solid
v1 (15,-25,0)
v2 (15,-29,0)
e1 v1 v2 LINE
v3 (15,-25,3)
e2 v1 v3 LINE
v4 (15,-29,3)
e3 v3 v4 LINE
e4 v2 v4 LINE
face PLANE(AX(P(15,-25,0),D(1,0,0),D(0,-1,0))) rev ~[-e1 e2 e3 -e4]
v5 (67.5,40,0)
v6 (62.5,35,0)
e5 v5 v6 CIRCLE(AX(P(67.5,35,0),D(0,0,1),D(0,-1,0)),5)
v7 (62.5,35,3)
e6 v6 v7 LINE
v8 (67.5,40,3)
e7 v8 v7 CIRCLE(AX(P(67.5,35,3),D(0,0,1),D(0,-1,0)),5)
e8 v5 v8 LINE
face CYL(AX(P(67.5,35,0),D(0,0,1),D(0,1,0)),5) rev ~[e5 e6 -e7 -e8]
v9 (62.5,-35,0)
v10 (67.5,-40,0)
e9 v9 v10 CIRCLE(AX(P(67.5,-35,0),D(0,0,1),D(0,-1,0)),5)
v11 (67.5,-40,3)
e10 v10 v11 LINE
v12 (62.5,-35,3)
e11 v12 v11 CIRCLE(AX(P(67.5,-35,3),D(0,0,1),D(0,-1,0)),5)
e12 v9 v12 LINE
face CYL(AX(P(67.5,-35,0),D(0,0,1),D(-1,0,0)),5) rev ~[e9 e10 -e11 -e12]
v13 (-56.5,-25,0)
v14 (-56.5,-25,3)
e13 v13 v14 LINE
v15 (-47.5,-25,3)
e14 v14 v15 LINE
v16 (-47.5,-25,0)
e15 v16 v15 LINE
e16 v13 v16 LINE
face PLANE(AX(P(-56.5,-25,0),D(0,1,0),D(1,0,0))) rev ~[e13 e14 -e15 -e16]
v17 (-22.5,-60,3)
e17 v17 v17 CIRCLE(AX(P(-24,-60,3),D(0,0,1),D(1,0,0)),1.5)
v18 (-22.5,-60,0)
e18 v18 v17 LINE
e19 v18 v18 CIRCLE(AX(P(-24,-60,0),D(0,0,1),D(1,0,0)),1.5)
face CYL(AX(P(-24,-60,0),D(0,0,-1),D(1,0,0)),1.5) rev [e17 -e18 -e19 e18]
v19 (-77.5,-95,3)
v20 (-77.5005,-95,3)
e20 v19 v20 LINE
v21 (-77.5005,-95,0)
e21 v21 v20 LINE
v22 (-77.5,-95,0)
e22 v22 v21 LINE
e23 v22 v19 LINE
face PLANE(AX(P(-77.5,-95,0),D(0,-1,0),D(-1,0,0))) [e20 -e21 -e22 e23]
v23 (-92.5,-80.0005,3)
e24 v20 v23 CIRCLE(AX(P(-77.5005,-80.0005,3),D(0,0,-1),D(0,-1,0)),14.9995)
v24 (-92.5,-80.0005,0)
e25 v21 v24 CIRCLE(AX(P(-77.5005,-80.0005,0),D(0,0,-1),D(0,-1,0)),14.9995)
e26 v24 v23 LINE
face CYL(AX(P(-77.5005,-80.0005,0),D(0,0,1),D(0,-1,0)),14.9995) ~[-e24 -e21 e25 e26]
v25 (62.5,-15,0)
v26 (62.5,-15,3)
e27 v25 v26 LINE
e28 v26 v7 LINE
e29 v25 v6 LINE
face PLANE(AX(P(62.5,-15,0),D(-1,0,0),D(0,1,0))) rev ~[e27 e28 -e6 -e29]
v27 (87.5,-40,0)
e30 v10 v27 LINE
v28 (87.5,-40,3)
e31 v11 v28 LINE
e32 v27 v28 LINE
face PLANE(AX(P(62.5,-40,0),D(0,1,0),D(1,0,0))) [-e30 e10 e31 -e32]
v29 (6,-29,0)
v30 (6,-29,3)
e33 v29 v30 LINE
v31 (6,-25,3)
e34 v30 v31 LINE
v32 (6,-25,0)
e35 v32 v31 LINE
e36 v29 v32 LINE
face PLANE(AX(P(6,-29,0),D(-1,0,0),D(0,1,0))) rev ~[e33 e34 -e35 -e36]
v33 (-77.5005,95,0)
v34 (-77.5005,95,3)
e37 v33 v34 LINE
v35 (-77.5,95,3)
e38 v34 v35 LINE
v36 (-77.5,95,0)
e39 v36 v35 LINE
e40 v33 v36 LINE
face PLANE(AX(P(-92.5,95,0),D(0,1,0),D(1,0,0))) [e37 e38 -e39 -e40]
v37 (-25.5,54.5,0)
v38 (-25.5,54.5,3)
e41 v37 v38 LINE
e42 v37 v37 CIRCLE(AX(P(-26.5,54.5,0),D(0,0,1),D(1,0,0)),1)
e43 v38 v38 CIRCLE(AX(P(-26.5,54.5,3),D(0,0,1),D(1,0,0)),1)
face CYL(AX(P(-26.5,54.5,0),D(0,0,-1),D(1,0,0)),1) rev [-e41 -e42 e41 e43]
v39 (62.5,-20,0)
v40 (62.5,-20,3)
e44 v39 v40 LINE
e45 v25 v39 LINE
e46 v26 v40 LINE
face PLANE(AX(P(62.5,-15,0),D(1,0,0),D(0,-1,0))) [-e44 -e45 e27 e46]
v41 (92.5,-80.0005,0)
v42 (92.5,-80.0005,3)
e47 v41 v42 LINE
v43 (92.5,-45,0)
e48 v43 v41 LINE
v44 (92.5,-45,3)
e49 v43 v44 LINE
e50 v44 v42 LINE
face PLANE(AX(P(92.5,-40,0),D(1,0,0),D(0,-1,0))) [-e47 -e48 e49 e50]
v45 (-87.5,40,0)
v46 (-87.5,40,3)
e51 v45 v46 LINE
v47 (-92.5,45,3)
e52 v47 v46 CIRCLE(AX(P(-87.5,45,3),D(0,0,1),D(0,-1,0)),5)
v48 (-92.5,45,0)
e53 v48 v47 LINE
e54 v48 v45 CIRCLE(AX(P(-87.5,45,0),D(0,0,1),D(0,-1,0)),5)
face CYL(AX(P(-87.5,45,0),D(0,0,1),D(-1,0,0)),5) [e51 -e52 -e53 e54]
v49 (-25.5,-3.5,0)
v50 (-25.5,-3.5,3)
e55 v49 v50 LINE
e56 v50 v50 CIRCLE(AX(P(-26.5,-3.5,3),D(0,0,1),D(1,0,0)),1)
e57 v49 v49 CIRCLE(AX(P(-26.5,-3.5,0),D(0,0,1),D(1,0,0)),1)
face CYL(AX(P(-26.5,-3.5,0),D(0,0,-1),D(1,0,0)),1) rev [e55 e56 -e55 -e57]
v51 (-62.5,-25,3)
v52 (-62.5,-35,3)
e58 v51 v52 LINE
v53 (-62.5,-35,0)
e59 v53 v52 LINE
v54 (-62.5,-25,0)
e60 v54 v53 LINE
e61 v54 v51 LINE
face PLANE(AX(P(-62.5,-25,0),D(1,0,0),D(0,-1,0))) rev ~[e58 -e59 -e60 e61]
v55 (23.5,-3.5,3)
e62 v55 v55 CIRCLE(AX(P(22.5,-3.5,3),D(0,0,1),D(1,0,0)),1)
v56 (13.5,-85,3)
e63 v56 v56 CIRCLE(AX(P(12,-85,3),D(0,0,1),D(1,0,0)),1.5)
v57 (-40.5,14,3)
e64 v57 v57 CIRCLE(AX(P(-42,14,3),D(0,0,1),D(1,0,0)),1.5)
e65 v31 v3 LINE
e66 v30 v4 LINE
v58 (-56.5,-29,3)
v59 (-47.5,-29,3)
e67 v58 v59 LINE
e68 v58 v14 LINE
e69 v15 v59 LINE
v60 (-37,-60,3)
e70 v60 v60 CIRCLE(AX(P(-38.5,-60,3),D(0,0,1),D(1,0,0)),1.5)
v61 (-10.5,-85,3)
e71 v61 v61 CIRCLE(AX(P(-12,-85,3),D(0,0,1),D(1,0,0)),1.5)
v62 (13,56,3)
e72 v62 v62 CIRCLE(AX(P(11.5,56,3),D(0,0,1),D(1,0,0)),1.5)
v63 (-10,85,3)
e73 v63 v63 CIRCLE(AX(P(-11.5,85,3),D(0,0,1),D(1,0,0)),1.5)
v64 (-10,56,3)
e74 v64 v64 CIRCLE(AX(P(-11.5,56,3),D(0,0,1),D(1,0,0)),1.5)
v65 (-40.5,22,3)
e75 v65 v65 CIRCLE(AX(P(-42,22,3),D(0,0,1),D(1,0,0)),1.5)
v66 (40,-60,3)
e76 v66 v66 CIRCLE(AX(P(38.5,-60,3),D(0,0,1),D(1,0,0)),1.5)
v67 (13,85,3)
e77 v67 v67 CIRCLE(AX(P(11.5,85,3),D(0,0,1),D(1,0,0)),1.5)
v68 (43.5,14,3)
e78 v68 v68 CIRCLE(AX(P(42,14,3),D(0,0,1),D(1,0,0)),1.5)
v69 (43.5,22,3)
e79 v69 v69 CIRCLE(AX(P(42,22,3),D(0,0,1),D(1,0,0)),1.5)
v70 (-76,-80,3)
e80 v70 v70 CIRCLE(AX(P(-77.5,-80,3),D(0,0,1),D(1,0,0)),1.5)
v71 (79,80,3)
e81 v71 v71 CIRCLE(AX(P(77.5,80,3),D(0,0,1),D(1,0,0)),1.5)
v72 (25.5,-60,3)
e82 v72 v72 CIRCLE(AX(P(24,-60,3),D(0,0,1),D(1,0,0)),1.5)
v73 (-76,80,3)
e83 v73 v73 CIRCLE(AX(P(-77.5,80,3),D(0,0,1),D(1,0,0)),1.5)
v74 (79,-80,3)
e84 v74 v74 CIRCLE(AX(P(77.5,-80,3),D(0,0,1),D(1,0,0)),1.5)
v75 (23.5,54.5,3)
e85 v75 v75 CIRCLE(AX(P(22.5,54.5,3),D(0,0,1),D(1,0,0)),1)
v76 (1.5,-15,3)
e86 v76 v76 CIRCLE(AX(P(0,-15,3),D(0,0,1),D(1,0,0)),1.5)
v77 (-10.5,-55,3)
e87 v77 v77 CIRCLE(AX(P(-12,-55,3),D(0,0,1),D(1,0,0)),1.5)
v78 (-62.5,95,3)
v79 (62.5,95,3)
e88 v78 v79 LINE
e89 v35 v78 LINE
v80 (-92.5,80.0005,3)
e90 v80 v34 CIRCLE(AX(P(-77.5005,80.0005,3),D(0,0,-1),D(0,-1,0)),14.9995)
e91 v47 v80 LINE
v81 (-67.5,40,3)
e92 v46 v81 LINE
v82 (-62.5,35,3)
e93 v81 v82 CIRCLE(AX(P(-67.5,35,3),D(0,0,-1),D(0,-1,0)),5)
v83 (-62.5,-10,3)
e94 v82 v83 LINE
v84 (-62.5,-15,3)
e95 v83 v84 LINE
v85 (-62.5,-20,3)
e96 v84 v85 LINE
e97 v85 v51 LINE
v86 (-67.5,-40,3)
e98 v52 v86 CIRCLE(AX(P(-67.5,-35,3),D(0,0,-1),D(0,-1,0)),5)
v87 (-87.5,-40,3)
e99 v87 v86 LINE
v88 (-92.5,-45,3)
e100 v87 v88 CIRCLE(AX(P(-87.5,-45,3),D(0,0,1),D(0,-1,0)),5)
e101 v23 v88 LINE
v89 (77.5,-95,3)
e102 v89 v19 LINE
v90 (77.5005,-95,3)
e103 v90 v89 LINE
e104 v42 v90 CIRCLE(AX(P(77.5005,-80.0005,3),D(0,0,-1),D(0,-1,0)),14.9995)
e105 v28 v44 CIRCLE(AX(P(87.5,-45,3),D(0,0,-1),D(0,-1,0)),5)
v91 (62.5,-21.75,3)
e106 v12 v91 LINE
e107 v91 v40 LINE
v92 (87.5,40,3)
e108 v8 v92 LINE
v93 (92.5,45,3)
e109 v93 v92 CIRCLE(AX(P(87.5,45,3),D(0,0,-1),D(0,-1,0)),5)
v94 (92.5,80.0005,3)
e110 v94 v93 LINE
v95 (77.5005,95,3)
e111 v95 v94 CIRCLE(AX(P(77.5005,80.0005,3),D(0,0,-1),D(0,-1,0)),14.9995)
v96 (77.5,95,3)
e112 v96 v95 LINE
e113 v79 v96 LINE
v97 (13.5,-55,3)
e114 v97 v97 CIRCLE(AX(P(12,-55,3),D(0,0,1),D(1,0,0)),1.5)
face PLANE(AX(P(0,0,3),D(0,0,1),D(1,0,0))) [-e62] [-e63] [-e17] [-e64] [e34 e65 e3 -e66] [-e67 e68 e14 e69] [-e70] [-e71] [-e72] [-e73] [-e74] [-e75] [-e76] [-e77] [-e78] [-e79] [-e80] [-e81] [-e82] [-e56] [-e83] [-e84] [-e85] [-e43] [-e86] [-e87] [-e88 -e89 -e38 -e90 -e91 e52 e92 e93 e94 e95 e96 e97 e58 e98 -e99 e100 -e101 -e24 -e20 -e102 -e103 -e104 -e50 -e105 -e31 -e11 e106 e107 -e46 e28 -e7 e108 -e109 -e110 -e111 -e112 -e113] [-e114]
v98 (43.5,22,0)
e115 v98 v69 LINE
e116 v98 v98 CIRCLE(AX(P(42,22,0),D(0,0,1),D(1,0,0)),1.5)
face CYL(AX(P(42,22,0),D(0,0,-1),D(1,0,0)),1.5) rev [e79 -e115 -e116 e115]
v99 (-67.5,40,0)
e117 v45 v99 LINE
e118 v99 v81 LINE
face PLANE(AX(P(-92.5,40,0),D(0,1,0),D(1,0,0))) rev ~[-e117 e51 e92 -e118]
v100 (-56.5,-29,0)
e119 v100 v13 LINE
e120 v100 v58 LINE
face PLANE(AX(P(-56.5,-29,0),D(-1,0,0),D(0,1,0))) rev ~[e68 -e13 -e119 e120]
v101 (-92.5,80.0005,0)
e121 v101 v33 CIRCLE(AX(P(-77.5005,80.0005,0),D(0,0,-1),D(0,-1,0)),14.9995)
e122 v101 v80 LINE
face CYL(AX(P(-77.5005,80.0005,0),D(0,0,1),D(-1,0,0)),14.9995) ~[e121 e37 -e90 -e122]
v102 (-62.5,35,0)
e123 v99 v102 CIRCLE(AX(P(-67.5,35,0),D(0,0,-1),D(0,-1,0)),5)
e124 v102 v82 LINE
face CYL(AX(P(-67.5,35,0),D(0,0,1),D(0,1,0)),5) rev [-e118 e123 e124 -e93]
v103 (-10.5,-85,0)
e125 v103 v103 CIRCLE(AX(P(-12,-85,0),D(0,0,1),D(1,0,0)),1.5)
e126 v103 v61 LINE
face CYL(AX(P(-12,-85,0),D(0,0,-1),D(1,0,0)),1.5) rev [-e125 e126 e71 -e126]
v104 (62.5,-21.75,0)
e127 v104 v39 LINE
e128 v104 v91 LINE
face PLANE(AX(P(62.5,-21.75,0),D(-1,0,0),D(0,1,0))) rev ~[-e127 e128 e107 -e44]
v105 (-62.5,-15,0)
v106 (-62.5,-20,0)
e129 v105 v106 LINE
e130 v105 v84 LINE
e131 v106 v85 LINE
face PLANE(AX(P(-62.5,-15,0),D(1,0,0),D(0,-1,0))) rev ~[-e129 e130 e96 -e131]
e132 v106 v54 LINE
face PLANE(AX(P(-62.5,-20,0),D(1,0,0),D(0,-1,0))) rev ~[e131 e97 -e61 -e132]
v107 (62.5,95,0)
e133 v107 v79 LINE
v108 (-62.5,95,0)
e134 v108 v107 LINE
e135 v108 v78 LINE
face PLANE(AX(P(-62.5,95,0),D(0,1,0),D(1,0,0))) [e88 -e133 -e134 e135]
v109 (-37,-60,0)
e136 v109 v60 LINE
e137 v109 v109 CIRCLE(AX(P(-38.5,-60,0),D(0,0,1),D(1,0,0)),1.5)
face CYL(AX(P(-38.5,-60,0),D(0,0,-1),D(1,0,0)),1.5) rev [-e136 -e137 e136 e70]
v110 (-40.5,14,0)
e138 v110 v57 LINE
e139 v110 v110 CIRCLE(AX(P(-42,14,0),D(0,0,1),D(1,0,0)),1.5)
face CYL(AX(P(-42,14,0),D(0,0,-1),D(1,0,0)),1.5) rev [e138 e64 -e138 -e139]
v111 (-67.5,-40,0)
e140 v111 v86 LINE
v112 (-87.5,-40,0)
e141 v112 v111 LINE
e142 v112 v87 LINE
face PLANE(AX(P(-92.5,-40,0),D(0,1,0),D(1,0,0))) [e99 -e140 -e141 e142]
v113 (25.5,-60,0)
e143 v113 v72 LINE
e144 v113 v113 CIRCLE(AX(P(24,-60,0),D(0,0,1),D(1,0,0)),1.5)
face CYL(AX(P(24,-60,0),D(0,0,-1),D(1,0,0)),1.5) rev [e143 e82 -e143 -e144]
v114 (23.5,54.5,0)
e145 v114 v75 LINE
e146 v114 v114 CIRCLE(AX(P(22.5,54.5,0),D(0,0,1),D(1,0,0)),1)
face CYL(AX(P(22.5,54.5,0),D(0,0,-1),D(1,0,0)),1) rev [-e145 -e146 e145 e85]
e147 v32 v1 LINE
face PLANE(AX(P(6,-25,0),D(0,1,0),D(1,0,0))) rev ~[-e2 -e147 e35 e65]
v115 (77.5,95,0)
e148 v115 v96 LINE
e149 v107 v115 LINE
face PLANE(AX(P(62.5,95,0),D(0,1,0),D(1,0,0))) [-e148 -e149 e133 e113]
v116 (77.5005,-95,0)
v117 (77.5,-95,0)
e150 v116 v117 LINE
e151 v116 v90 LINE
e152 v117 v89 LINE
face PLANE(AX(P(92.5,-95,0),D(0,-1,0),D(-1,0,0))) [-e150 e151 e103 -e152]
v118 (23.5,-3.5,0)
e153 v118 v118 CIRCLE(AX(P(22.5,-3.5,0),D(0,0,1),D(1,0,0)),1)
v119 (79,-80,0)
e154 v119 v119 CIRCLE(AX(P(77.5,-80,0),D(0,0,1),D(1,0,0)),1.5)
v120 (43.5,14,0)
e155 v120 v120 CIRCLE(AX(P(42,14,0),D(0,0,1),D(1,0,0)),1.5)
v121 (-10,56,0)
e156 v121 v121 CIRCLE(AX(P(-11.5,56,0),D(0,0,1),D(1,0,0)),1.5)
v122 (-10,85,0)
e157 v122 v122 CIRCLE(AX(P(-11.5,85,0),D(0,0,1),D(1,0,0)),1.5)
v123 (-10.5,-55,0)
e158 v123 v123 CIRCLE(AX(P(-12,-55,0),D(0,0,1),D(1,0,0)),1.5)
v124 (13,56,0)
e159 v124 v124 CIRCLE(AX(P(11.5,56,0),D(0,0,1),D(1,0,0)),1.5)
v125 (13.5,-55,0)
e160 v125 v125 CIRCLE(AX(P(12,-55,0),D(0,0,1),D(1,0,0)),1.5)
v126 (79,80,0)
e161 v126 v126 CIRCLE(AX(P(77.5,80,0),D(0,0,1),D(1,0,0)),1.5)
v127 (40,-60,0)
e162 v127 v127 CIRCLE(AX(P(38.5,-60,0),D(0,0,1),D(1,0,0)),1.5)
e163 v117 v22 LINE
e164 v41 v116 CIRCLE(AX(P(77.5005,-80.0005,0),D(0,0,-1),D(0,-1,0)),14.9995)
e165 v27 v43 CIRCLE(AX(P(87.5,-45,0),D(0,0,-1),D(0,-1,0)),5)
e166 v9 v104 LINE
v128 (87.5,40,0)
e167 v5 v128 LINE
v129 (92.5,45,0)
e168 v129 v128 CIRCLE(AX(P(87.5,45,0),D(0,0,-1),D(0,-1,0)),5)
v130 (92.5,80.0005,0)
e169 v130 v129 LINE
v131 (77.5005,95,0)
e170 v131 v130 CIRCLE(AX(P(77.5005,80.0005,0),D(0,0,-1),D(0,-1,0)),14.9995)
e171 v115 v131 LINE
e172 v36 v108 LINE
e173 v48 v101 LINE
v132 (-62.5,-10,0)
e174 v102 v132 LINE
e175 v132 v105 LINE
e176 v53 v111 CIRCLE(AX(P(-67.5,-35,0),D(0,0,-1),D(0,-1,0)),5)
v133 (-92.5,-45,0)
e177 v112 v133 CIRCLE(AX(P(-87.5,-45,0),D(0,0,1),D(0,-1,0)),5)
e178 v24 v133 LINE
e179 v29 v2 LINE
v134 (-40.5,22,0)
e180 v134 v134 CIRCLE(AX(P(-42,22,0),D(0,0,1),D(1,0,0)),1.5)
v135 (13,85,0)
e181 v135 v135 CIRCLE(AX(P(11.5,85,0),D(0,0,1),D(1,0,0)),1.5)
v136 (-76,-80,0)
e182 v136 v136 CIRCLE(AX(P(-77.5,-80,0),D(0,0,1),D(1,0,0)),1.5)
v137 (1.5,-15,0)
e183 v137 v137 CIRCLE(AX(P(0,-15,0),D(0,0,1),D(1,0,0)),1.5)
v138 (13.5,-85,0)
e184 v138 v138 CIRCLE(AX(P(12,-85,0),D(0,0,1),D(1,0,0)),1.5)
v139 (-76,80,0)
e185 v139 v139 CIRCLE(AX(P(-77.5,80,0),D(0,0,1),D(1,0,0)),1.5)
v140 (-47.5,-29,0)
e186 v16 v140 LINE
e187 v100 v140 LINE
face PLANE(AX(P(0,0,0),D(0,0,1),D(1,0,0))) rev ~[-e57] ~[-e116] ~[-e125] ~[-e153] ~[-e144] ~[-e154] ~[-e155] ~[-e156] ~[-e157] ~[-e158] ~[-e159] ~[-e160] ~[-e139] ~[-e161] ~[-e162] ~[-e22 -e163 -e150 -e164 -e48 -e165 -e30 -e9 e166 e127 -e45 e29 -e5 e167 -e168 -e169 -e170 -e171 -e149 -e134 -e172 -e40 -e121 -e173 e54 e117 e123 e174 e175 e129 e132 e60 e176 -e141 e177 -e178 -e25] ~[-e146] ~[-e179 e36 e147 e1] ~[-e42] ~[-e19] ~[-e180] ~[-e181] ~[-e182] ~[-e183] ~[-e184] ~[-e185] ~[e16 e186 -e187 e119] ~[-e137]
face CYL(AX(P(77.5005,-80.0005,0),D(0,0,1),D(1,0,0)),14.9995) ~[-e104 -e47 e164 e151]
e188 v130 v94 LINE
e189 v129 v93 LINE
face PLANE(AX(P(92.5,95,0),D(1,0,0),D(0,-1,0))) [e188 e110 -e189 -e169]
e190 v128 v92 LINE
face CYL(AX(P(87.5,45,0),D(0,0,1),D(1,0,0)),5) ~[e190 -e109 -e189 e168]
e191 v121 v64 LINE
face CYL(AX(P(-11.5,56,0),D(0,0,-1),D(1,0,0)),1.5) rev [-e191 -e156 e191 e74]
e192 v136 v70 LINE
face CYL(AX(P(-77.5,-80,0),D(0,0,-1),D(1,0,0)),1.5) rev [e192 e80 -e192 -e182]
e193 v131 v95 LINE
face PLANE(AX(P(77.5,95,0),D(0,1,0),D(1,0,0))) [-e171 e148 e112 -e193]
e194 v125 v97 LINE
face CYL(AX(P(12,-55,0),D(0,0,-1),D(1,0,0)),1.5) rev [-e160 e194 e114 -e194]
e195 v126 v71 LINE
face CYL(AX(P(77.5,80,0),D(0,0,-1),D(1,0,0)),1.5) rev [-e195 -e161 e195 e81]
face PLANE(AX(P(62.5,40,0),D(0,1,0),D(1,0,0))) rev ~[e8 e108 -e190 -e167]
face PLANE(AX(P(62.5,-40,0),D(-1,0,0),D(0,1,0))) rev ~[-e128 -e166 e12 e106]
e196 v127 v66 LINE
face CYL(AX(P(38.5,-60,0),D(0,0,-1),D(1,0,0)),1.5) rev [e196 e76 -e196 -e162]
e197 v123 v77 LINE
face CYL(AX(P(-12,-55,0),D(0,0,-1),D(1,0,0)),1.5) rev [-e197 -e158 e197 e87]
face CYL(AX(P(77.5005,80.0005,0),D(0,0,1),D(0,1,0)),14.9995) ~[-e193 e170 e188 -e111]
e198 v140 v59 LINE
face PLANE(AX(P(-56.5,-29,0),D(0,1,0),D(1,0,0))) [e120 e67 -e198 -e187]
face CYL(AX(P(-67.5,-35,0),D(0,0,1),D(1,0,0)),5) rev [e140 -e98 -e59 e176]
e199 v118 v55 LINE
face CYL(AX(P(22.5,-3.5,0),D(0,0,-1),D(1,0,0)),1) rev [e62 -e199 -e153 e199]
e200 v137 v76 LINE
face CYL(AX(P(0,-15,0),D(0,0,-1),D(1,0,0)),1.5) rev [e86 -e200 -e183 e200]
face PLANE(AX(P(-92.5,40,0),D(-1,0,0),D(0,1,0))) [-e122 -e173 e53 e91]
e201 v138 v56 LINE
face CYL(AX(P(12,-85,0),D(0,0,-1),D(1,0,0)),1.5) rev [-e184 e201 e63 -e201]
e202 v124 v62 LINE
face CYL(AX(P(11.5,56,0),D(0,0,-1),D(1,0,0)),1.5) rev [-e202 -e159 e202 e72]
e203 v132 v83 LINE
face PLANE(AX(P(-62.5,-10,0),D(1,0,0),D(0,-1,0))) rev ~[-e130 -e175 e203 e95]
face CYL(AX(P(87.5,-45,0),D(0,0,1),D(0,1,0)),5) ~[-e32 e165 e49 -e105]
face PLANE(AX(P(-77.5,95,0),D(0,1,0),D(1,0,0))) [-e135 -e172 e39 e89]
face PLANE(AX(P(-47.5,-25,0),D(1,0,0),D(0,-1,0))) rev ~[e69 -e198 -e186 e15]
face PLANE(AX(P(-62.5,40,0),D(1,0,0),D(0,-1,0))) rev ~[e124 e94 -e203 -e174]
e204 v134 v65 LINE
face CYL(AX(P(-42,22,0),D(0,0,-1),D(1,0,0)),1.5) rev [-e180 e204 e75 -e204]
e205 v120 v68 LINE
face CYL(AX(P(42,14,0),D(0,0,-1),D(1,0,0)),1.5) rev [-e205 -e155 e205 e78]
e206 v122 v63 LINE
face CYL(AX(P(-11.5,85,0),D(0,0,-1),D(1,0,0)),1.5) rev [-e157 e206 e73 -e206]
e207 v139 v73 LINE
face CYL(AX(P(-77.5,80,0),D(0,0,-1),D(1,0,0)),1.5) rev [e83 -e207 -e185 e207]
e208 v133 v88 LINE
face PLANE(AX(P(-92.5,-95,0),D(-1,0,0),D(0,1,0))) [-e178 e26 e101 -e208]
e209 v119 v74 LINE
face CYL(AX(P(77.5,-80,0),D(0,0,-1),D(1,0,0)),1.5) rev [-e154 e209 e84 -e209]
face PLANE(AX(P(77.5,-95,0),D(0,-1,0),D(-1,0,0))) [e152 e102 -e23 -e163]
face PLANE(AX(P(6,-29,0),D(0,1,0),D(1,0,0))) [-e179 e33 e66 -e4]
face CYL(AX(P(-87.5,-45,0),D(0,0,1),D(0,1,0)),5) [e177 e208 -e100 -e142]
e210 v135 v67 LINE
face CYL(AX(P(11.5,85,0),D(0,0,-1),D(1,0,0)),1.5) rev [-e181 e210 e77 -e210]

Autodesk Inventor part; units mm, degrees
ref_plane "YZ Plane" through (0, 0, 0) normal (1, 0, 0) x (0, 1, 0)
ref_plane "XZ Plane" through (0, 0, 0) normal (0, 1, 0) x (-1, 0, 0)
ref_plane "XY Plane" through (0, 0, 0) normal (0, 0, 1) x (1, 0, 0)
sketch "Sketch1" plane through (0, 0, 0) normal (0, 0, 1) x (1, 0, 0)
  line L0 (-92.5, 40) -> (-92.5, 95)
  line L1 (-92.5, 95) -> (92.5, 95)
  line L2 (92.5, -95) -> (-92.5, -95)
  line L3 (-92.5, -95) -> (-92.5, -40)
  line L4 (-92.5, 95) -> (-62.5, 95)
  line L5 (-62.5, 40) -> (-62.5, -40)
  line L6 (92.5, 95) -> (62.5, 95)
  line L7 (62.5, -15) -> (62.5, 40)
  line L8 (-92.5, 95) -> (-92.5, 40)
  line L9 (-92.5, 40) -> (-62.5, 40)
  line L10 (-92.5, -95) -> (-92.5, -40)
  line L11 (-92.5, -40) -> (-62.5, -40)
  line L12 (62.5, 40) -> (92.5, 40)
  line L13 (62.5, -40) -> (92.5, -40)
  line L14 (92.5, 95) -> (92.5, 40)
  line L15 (92.5, -40) -> (92.5, -95)
  line L16 (-92.5, -95) -> (-77.5, -95)
  line L17 (92.5, -95) -> (77.5, -95)
  line L18 (92.5, 95) -> (77.5, 95)
  line L19 (-92.5, 95) -> (-77.5, 95)
  line L20 (62.5, -40) -> (62.5, -20)
  line L21 (-62.5, -20) -> (-62.5, -40)
  line L22 (-62.5, -20) -> (-62.5, -10)
  line L23 (-62.5, -20) -> (-62.5, -25)
  line L24 (-56.5, -29) -> (-56.5, -25)
  line L25 (-56.5, -25) -> (-47.5, -25)
  line L26 (-47.5, -25) -> (-47.5, -29)
  line L27 (6, -29) -> (6, -25)
  line L28 (15, -25) -> (15, -29)
  line L29 (-47.5, -25) -> (-56.5, -25)
  line L30 (62.5, -20) -> (62.5, -21.75)
  line L31 (62.5, -15) -> (62.5, -21.75)
  line L32 (-56.5, -25) -> (-56.5, -29)
  line L33 (-56.5, -29) -> (-47.5, -29)
  line L34 (6, -29) -> (15, -29)
  line L35 (-62.5, -15) -> (-62.5, -20)
  line L36 (6, -25) -> (15, -25)
  circle A0 centre (-77.5, 80) radius 1.5
  circle A1 centre (77.5, 80) radius 1.5
  circle A2 centre (-77.5, -80) radius 1.5
  circle A3 centre (77.5, -80) radius 1.5
  circle A4 centre (12, -85) radius 1.5
  circle A5 centre (12, -55) radius 1.5
  circle A6 centre (-12, -55) radius 1.5
  circle A7 centre (-12, -85) radius 1.5
  circle A8 centre (-38.5, -60) radius 1.5
  circle A9 centre (-24, -60) radius 1.5
  circle A10 centre (24, -60) radius 1.5
  circle A11 centre (38.5, -60) radius 1.5
  circle A12 centre (0, -15) radius 1.5
  circle A13 centre (42, 14) radius 1.5
  circle A14 centre (42, 22) radius 1.5
  circle A15 centre (-42, 22) radius 1.5
  circle A16 centre (-42, 14) radius 1.5
  circle A17 centre (-11.5, 56) radius 1.5
  circle A18 centre (11.5, 56) radius 1.5
  circle A19 centre (11.5, 85) radius 1.5
  circle A20 centre (-11.5, 85) radius 1.5
  circle A21 centre (-26.5, 54.5) radius 1
  circle A22 centre (22.5, 54.5) radius 1
  circle A23 centre (22.5, -3.5) radius 1
  circle A24 centre (-26.5, -3.5) radius 1
  point P0 (0, 0)
extrude "Extrusion1" add sketch "Sketch1" along normal blind 3
fillet "Fillet1" radius 15 4 edges at (92.5, 95, 1.5) (-92.5, 95, 1.5) (-92.5, -95, 1.5) (92.5, -95, 1.5)
fillet "Fillet2" radius 5 8 edges at (-92.5, 40, 1.5) (-62.5, 40, 1.5) (-62.5, -40, 1.5) (-92.5, -40, 1.5) (92.5, -40, 1.5) (62.5, -40, 1.5) (92.5, 40, 1.5) (62.5, 40, 1.5)
properties part number "Chassis"
